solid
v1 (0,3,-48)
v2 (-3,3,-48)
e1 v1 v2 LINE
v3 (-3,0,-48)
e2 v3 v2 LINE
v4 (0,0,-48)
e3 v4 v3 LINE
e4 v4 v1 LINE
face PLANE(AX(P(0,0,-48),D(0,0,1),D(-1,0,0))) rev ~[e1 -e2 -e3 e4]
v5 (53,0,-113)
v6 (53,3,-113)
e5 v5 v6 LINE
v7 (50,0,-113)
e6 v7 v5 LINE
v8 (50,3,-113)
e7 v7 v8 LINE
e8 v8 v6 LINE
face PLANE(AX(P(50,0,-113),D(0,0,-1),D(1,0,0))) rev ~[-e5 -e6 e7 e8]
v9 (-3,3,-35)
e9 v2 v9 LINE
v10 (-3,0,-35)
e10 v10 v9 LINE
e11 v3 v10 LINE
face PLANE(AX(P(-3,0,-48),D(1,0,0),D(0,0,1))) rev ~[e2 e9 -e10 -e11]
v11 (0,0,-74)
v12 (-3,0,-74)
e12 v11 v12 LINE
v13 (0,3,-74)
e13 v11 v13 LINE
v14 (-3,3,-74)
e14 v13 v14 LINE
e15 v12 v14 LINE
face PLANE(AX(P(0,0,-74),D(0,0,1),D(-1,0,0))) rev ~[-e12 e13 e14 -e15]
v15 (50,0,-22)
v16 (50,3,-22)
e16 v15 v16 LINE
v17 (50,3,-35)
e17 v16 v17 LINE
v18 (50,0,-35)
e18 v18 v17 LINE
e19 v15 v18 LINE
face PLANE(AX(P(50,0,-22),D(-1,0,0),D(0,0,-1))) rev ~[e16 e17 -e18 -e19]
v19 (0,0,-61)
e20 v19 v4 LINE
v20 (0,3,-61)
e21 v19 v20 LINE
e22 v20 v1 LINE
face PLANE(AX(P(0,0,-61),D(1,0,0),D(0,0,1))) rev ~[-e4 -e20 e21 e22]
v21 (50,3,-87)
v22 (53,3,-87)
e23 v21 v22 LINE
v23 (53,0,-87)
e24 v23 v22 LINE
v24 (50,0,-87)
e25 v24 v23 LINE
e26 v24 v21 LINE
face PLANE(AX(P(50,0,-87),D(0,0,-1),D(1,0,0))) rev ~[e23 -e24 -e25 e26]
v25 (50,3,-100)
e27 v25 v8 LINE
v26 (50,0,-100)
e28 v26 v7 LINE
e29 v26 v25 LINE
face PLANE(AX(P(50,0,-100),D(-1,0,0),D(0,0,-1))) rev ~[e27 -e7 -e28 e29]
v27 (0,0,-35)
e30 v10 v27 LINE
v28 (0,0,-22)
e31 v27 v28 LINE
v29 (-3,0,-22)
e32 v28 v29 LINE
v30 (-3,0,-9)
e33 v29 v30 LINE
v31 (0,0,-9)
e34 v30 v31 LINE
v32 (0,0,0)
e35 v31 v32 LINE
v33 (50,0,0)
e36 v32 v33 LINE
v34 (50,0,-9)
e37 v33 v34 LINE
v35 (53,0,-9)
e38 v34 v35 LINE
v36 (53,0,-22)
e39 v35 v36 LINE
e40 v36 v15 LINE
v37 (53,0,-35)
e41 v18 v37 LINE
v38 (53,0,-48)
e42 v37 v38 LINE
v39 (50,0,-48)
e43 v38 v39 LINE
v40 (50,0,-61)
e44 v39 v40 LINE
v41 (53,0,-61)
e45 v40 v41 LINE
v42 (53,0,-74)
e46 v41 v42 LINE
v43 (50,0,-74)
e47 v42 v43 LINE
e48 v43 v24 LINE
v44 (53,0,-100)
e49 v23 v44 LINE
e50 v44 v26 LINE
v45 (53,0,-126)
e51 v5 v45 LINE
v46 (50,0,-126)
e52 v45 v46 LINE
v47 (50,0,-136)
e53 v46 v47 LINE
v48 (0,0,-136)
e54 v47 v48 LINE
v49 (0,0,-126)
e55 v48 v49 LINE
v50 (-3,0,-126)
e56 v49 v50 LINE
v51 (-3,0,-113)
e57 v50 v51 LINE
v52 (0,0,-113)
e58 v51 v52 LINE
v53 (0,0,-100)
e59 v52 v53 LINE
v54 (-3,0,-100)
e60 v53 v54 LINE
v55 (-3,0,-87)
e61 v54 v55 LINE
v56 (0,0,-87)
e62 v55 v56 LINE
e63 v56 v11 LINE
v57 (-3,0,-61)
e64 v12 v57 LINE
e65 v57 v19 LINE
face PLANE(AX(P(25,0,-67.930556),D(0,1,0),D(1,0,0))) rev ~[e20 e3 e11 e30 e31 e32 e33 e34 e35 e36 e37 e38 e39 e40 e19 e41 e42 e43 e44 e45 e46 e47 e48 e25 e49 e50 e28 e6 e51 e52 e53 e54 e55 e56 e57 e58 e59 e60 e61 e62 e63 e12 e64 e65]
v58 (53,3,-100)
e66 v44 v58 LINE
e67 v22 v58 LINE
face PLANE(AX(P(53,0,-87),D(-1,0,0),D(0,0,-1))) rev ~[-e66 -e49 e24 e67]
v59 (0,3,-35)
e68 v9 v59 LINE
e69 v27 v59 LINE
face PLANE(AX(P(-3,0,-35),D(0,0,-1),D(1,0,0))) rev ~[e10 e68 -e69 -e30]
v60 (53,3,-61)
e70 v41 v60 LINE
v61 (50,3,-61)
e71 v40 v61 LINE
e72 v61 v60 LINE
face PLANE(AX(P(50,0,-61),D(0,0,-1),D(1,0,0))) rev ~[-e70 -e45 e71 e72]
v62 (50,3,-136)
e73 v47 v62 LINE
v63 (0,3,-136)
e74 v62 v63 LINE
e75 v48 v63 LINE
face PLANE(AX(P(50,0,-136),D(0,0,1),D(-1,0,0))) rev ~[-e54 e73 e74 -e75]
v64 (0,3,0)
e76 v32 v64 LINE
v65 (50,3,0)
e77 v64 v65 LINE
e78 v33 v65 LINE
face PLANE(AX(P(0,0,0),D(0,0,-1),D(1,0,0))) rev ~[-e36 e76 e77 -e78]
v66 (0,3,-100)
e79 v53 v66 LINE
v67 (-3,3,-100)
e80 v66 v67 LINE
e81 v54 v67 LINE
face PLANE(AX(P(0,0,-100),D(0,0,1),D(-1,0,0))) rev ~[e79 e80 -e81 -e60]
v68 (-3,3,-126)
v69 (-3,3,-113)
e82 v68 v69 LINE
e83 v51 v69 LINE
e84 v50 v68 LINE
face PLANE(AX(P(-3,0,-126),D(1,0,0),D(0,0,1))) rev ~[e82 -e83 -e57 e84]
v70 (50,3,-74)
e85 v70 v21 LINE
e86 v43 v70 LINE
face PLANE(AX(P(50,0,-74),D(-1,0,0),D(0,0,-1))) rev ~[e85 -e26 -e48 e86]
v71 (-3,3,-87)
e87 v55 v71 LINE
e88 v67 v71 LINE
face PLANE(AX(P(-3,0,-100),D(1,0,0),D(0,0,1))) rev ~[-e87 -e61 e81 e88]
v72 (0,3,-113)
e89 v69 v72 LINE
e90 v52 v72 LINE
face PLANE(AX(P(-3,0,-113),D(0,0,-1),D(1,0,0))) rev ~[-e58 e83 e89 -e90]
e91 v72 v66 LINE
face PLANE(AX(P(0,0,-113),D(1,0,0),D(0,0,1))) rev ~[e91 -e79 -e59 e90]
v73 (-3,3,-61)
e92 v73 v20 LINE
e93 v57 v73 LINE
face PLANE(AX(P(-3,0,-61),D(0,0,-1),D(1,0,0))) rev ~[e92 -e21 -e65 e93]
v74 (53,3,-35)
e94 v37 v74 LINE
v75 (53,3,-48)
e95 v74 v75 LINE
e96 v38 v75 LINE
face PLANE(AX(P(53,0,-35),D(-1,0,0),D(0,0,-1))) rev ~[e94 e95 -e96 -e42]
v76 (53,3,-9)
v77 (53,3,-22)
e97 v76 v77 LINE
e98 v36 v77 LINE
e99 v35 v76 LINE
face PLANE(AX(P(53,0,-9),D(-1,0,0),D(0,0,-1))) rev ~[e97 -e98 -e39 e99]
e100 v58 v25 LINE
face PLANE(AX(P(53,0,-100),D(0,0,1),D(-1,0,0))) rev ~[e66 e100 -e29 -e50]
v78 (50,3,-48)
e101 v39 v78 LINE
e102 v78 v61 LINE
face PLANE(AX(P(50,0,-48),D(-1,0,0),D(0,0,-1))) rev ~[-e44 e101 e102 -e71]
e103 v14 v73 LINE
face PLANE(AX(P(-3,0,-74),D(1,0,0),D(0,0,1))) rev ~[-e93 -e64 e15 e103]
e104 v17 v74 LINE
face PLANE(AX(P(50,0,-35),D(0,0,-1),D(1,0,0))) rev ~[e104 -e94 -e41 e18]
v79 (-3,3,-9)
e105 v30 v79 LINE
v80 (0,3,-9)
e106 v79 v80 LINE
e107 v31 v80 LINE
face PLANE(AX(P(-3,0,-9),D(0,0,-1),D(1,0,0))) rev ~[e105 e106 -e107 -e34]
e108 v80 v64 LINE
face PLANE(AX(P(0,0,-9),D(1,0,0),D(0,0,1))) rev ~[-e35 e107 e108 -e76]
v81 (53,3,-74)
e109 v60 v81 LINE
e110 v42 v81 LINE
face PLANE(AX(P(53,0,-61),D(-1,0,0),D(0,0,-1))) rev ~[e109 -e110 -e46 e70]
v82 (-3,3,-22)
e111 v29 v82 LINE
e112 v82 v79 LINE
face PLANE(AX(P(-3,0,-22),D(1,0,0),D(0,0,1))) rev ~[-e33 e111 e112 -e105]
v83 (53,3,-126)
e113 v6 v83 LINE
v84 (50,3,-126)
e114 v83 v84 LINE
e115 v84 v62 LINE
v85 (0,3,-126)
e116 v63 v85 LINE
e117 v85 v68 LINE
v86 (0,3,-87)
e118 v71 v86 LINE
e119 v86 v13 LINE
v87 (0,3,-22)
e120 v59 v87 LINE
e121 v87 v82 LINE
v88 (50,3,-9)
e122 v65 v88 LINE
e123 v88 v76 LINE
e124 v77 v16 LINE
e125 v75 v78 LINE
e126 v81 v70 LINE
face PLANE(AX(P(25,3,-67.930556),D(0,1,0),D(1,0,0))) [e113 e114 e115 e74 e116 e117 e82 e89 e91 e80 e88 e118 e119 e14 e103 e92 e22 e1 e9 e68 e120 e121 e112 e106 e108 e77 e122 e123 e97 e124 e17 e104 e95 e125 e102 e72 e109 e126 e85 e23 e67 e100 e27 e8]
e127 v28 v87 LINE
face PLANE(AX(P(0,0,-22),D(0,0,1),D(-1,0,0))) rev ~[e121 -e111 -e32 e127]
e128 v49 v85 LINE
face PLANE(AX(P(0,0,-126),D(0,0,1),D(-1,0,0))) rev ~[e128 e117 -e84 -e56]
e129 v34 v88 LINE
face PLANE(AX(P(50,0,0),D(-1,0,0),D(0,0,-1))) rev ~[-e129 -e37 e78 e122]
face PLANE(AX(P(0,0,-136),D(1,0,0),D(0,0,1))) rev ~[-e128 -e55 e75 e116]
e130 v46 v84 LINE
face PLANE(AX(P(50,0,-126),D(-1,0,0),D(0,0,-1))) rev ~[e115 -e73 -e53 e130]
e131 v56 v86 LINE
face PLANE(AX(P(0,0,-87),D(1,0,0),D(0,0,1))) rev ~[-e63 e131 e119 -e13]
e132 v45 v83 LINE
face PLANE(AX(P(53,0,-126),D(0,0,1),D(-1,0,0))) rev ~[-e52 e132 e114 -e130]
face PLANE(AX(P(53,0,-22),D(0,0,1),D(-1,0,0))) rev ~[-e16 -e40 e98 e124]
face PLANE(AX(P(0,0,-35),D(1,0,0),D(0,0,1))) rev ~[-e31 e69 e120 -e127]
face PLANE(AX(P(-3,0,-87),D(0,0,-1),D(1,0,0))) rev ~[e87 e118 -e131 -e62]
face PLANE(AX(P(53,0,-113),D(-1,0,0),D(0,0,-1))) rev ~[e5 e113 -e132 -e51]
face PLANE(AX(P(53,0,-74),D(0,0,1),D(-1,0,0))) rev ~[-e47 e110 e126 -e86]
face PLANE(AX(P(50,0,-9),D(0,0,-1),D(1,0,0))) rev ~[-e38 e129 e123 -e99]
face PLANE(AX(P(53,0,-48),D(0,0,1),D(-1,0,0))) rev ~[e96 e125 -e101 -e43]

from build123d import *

# Parameters (mm, degrees)
BOSS_EXTRUDE1_DEPTH = 3


with BuildPart() as part:
    # Sketch1 → Boss-Extrude1 (new body)
    with BuildSketch(Plane(origin=(0, 0, 0), x_dir=(1, 0, 0), z_dir=(0, 1, 0))):
        Polygon((0, 136), (0, 126), (-3, 126), (-3, 113), (0, 113), (0, 100), (-3, 100), (-3, 87), (0, 87), (0, 74), (-3, 74), (-3, 61), (0, 61), (0, 48), (-3, 48), (-3, 35), (0, 35), (0, 22), (-3, 22), (-3, 9), (0, 9), (0, 0), (50, 0), (50, 9), (53, 9), (53, 22), (50, 22), (50, 35), (53, 35), (53, 48), (50, 48), (50, 61), (53, 61), (53, 74), (50, 74), (50, 87), (53, 87), (53, 100), (50, 100), (50, 113), (53, 113), (53, 126), (50, 126), (50, 136), align=None)
    extrude(amount=BOSS_EXTRUDE1_DEPTH)


solid = part.part
